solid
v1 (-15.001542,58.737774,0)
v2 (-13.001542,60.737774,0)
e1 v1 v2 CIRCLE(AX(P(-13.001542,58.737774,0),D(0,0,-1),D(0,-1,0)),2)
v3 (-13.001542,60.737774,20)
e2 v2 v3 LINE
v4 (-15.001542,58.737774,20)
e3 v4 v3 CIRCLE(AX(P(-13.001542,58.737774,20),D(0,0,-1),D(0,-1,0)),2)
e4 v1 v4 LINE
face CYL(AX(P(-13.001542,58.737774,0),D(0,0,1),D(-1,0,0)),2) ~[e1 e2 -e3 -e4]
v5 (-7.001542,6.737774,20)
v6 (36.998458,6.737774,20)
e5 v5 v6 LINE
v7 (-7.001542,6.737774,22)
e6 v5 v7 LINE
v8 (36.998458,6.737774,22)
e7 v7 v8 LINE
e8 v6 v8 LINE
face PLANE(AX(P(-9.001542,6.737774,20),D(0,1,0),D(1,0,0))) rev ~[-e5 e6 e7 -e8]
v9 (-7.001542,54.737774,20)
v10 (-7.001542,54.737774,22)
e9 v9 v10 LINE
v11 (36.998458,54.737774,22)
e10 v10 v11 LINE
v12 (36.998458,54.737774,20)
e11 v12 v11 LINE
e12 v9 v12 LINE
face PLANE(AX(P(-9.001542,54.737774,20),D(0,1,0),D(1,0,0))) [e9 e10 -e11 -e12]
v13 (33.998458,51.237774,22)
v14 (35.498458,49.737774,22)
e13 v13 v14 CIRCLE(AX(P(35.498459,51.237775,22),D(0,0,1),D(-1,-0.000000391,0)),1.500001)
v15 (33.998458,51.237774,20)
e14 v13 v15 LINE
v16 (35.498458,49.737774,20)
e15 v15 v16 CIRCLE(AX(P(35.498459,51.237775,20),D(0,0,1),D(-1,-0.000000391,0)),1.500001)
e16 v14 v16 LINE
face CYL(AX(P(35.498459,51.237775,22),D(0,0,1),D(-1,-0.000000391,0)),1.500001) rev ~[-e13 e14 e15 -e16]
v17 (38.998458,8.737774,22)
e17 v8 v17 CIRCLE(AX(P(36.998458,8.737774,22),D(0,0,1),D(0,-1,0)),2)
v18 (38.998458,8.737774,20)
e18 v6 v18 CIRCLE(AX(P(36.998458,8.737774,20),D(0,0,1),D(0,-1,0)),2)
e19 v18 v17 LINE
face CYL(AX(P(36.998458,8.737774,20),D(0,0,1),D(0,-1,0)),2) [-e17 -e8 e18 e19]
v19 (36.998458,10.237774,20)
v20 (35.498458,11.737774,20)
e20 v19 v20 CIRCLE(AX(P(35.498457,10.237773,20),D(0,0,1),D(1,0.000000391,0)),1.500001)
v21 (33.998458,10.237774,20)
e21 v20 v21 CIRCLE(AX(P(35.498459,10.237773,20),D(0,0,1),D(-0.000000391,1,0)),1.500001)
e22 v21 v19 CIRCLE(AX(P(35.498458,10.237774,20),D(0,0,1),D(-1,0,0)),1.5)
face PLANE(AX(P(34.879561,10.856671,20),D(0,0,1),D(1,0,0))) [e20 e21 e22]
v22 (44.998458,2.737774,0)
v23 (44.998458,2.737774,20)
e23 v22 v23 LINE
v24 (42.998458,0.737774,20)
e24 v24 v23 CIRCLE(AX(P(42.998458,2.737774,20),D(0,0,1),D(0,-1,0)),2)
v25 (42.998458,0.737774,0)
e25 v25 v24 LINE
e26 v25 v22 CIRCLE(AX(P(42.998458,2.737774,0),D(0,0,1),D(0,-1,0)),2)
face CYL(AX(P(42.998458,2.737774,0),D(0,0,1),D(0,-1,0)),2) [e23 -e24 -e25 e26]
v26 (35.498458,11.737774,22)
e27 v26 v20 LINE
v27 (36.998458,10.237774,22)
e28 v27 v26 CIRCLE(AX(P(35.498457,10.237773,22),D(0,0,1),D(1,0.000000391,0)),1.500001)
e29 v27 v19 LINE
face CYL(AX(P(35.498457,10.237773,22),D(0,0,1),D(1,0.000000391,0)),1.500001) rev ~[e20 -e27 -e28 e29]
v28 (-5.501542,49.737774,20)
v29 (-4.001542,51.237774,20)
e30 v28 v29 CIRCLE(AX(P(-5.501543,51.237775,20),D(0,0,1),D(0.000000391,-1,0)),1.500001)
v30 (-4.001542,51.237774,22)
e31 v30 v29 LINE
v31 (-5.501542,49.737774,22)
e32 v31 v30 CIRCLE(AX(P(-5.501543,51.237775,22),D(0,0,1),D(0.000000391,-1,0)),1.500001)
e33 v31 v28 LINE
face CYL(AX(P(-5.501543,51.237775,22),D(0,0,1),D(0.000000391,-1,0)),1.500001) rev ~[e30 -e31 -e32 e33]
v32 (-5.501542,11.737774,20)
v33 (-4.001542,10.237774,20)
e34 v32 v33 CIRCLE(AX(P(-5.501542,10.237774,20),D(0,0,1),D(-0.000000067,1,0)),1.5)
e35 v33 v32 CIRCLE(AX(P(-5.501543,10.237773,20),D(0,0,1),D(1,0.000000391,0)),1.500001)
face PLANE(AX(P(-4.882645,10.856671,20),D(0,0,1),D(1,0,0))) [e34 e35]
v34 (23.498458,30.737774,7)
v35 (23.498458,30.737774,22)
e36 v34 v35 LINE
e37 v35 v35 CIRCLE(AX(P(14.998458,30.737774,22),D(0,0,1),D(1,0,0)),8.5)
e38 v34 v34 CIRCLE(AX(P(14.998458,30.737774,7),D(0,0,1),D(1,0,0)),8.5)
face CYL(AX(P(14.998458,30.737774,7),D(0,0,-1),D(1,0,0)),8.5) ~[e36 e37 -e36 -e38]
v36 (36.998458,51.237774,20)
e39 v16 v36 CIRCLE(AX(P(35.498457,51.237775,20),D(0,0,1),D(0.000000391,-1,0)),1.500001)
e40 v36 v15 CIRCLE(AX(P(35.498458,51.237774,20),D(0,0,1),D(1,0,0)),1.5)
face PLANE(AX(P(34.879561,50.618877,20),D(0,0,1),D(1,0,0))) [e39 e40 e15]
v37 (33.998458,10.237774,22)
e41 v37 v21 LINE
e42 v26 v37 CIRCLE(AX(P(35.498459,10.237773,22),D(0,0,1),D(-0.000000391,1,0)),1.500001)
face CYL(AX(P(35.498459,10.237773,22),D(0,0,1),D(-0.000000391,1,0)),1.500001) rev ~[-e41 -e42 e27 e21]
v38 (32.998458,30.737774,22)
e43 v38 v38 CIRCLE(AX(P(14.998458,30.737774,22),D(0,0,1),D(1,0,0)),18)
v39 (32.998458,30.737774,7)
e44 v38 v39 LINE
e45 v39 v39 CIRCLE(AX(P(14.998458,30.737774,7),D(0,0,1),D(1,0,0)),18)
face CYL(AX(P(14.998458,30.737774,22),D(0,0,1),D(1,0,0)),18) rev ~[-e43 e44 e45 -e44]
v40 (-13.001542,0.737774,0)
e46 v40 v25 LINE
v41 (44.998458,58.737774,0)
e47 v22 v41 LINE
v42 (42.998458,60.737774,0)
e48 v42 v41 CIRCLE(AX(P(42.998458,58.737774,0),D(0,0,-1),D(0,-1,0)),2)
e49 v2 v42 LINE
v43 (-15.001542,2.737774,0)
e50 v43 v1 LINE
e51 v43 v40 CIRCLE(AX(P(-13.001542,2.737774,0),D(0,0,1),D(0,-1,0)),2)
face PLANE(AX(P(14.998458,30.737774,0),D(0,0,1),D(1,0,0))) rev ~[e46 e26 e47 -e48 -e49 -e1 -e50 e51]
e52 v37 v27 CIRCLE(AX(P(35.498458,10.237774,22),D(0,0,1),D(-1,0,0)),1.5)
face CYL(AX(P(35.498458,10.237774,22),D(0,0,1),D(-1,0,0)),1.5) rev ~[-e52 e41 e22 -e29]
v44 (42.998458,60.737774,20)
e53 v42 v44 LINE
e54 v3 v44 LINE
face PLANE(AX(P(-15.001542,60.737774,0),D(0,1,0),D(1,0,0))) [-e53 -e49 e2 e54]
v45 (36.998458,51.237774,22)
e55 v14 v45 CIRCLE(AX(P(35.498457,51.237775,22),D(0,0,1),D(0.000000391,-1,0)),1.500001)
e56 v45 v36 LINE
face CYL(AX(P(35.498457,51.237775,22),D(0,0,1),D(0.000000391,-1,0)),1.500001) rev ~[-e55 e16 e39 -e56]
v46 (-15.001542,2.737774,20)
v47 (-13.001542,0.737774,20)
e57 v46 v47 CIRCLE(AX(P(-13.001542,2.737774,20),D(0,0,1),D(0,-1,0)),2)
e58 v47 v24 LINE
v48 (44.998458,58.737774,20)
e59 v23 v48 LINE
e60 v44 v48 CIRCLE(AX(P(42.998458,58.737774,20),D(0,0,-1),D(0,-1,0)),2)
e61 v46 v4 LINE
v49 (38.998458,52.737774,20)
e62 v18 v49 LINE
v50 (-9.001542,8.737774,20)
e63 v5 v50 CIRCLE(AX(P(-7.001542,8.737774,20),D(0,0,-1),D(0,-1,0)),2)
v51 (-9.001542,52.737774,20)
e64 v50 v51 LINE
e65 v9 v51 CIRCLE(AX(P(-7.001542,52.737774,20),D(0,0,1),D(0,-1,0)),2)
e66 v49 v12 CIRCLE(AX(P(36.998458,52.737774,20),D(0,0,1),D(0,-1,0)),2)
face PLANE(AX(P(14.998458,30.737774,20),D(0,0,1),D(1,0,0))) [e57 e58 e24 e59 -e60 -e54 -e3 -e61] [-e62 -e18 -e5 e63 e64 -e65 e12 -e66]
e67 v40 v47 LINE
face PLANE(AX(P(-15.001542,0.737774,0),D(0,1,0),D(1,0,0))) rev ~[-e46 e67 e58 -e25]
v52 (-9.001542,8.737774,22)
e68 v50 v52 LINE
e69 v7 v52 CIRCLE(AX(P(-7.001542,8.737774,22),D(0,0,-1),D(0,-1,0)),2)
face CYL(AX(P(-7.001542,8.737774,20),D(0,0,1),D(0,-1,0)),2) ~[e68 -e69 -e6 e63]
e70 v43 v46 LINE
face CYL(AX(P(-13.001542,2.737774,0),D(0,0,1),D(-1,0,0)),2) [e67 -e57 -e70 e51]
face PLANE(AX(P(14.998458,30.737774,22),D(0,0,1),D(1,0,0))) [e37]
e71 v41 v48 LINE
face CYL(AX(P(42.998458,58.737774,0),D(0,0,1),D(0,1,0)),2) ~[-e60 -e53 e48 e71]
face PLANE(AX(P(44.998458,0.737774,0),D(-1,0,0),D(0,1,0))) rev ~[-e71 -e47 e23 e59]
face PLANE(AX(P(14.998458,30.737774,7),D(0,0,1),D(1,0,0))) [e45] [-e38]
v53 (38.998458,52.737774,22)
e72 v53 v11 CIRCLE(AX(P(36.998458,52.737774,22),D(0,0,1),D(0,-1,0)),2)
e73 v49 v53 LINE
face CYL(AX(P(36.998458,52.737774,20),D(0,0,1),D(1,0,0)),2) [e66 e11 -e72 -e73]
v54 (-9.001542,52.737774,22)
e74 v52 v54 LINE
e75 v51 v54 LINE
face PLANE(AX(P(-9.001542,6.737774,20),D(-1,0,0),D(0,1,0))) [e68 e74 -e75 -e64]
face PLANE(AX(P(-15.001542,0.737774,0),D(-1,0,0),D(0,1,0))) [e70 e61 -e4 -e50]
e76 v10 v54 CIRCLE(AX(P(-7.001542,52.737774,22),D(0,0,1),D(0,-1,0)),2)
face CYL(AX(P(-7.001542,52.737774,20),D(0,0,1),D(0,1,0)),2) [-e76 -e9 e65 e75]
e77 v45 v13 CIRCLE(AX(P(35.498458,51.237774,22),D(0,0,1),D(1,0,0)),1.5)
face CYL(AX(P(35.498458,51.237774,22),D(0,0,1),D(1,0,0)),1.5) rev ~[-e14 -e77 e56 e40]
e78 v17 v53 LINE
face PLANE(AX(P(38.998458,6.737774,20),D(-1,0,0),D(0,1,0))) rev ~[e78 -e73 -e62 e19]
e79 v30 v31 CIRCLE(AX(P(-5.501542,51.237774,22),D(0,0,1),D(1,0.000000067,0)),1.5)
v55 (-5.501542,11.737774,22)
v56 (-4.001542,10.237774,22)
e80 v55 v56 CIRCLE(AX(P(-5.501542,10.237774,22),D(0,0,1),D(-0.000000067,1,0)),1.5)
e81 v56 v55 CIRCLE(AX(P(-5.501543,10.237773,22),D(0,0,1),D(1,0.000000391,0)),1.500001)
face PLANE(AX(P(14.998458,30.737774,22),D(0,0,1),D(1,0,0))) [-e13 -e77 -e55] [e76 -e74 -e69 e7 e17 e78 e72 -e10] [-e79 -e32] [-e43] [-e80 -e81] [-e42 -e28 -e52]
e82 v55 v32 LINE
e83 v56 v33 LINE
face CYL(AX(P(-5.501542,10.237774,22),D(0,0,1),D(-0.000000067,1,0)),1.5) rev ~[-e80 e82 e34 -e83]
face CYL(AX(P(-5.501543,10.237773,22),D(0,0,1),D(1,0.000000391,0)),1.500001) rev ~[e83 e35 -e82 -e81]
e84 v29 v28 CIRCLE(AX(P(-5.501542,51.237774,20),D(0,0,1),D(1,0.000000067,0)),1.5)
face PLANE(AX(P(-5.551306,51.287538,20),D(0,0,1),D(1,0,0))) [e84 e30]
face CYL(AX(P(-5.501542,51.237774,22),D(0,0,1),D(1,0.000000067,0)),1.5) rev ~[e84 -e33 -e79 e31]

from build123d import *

# Parameters (mm, degrees)
F0_W     = 60
F0_H     = 60
F1_DEPTH = 20
F2_W     = 48
F2_H     = 48
F3_DEPTH = 2
F5_DEPTH = 2
F6_R     = 18
F7_DEPTH = 15
F8_R     = 8.5
F9_DEPTH = 15
F10_R    = 2


with BuildPart() as f1:
    # F0 (on Top) → F1 (new body)
    with BuildSketch(Plane.XY):
        with Locations((14.998458, 30.737774)):
            Rectangle(F0_W, F0_H)
    extrude(amount=F1_DEPTH)

    # F2 (on face) → F3 (join)
    with BuildSketch(Plane.XY.offset(20)):
        with Locations((14.998458, 30.737774)):
            Rectangle(F2_W, F2_H)
    extrude(amount=F3_DEPTH)

    # F4 (on face) → F5 (cut)
    with BuildSketch(Plane.XY.offset(22)):
        with BuildLine():
            Line((-5.501542, 49.737774), (-5.501542, 51.237774))
            Line((-5.501542, 51.237774), (-4.001542, 51.237774))
            ThreePointArc((-4.001542, 51.237774), (-6.562202, 52.298434), (-5.501542, 49.737774))
        make_face()
        with BuildLine():
            Line((-4.001542, 51.237774), (-5.501542, 51.237774))
            Line((-5.501542, 51.237774), (-5.501542, 49.737774))
            ThreePointArc((-5.501542, 49.737774), (-4.440882, 50.177114), (-4.001542, 51.237774))
        make_face()
        with BuildLine():
            Line((35.498458, 51.237774), (33.998458, 51.237774))
            ThreePointArc((33.998458, 51.237774), (34.437798, 50.177114), (35.498458, 49.737774))
            Line((35.498458, 49.737774), (35.498458, 51.237774))
        make_face()
        with BuildLine():
            ThreePointArc((35.498458, 11.737774), (34.437798, 11.298434), (33.998458, 10.237774))
            Line((33.998458, 10.237774), (35.498458, 10.237774))
            Line((35.498458, 10.237774), (35.498458, 11.737774))
        make_face()
        with BuildLine():
            ThreePointArc((-4.001542, 10.237774), (-4.440882, 11.298434), (-5.501542, 11.737774))
            Line((-5.501542, 11.737774), (-5.501542, 10.237774))
            Line((-5.501542, 10.237774), (-4.001542, 10.237774))
        make_face()
        with BuildLine():
            Line((-5.501542, 10.237774), (-5.501542, 11.737774))
            ThreePointArc((-5.501542, 11.737774), (-6.562202, 9.177114), (-4.001542, 10.237774))
            Line((-4.001542, 10.237774), (-5.501542, 10.237774))
        make_face()
        with BuildLine():
            Line((35.498458, 10.237774), (33.998458, 10.237774))
            ThreePointArc((33.998458, 10.237774), (35.498458, 8.737774), (36.998458, 10.237774))
            ThreePointArc((36.998458, 10.237774), (36.559118, 11.298434), (35.498458, 11.737774))
            Line((35.498458, 11.737774), (35.498458, 10.237774))
        make_face()
        with BuildLine():
            ThreePointArc((36.998458, 51.237774), (35.498458, 52.737774), (33.998458, 51.237774))
            Line((33.998458, 51.237774), (35.498458, 51.237774))
            Line((35.498458, 51.237774), (35.498458, 49.737774))
            ThreePointArc((35.498458, 49.737774), (36.559118, 50.177114), (36.998458, 51.237774))
        make_face()
    extrude(amount=-F5_DEPTH, mode=Mode.SUBTRACT)

    # F6 (on face) → F7 (cut)
    with BuildSketch(Plane.XY.offset(22)):
        with Locations((14.998458, 30.737774)):
            Circle(F6_R)
    extrude(amount=-F7_DEPTH, mode=Mode.SUBTRACT)

    # F8 (on face) → F9 (join)
    with BuildSketch(Plane.XY.offset(7)):
        with Locations((14.998458, 30.737774)):
            Circle(F8_R)
    extrude(amount=F9_DEPTH)

    # F10
    f10_edges = [f1.edges().sort_by_distance(p)[0] for p in [
        (44.998458, 60.737774, 10),
        (44.998458, 0.737774, 10),
        (-15.001542, 0.737774, 10),
        (-15.001542, 60.737774, 10),
        (-9.001542, 54.737774, 21),
        (-9.001542, 6.737774, 21),
        (38.998458, 6.737774, 21),
        (38.998458, 54.737774, 21),
    ]]
    fillet(f10_edges, radius=F10_R)


solid = f1.part
